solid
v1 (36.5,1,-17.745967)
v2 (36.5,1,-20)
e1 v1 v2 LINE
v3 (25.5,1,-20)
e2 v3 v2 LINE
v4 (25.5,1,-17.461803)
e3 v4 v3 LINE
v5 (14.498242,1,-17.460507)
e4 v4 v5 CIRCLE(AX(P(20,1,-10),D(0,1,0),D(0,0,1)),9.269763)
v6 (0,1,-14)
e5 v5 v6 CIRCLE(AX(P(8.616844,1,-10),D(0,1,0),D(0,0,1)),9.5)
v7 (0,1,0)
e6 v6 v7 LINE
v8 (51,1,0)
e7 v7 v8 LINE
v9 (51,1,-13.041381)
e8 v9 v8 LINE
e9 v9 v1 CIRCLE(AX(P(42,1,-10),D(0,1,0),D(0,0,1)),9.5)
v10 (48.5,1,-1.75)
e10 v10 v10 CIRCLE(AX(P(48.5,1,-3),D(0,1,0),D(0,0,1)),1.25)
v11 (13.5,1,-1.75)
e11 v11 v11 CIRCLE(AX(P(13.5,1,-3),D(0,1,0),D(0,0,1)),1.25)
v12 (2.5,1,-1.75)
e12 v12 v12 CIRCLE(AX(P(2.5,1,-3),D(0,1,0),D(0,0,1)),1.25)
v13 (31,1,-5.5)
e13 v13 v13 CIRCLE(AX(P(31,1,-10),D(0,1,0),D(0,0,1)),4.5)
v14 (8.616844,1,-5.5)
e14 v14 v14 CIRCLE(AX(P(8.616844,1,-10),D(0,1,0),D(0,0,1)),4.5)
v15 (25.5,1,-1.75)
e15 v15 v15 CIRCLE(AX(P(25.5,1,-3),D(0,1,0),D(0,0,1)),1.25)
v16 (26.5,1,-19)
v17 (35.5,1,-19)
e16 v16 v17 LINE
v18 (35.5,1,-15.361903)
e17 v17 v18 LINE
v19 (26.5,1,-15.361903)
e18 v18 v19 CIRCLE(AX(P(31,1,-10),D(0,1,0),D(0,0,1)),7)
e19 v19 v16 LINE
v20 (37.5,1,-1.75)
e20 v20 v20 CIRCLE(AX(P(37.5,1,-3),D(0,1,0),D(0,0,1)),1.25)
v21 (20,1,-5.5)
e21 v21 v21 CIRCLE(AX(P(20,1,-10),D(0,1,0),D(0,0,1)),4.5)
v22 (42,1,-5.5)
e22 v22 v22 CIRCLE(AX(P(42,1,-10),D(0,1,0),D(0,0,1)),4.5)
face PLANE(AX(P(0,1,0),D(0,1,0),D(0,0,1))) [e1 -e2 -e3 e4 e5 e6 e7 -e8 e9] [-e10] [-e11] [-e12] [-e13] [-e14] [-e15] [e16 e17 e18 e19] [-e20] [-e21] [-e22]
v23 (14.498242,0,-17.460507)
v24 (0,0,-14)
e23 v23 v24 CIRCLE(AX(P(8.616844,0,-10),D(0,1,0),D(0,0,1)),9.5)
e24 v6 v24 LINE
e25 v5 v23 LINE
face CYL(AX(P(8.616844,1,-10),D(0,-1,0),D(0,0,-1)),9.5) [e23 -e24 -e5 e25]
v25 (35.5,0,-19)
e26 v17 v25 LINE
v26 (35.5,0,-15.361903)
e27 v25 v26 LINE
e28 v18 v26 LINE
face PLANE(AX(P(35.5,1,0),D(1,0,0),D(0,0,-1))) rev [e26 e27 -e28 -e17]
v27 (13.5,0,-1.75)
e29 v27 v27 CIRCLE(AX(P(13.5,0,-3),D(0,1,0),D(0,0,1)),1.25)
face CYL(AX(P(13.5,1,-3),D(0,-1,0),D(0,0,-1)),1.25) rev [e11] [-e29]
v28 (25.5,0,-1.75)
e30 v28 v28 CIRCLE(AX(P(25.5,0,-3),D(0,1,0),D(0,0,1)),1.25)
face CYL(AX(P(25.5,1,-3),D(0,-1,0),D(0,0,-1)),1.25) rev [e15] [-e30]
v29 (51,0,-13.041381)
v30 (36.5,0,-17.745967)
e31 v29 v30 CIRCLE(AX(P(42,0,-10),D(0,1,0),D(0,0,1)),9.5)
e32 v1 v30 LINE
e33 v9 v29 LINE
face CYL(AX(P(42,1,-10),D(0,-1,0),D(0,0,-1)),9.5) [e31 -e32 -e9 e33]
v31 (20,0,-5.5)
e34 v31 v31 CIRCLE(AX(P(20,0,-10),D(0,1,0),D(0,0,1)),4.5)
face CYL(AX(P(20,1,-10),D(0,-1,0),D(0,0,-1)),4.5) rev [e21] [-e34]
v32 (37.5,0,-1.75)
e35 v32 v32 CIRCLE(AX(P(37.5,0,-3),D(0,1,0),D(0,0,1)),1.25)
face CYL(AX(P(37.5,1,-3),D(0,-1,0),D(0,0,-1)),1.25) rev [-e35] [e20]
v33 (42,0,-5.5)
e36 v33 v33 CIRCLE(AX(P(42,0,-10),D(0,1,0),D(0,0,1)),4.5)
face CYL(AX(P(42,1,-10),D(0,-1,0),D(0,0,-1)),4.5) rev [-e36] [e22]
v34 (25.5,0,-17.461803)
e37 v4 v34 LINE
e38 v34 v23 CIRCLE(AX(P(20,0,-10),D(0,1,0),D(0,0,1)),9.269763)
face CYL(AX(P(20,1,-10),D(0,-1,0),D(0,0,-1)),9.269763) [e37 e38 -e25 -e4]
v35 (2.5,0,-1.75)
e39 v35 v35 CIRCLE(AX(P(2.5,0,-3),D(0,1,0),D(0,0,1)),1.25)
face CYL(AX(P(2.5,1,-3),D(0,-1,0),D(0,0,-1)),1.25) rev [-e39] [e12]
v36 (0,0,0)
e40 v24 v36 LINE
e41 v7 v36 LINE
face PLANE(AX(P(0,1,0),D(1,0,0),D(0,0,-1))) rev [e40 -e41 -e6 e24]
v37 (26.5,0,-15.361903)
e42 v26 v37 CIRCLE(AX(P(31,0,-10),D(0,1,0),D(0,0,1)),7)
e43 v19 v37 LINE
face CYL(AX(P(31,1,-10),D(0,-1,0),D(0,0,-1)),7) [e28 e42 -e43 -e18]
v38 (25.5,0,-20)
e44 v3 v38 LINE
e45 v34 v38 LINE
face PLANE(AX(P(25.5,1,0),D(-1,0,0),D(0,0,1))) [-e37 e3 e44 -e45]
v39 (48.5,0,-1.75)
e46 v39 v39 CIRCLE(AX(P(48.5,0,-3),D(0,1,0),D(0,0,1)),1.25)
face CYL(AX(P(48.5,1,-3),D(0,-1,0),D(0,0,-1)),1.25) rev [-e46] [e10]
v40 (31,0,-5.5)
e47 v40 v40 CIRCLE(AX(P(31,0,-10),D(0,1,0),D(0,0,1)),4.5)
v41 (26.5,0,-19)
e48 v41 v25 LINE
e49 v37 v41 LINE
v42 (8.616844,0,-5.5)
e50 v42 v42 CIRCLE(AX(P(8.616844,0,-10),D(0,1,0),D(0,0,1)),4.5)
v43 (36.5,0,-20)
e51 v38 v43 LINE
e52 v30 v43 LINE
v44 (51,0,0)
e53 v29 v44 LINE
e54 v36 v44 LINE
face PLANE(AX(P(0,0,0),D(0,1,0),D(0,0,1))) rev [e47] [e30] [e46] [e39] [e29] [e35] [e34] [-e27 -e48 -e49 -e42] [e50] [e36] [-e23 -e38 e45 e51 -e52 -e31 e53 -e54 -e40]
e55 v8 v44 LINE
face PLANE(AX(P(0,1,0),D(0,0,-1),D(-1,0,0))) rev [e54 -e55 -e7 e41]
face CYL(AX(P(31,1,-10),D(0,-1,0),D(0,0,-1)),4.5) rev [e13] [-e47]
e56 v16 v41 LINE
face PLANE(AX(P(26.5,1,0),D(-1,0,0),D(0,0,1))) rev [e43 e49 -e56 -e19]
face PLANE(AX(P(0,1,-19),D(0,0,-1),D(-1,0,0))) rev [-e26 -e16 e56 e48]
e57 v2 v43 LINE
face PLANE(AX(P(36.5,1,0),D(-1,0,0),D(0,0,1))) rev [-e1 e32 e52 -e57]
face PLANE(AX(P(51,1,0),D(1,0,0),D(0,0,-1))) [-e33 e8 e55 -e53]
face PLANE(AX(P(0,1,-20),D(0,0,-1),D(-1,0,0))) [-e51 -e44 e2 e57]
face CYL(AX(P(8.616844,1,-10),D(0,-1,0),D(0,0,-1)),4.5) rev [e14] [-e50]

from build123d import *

# Parameters (mm, degrees)
SKETCH1_R           = 1.25
SKETCH1_R_2         = 4.5
BOSS_EXTRUDE1_DEPTH = 1


with BuildPart() as part:
    # Sketch1 → Boss-Extrude1 (new body)
    with BuildSketch(Plane(origin=(0, 0, 0), x_dir=(1, 0, 0), z_dir=(0, 1, 0))):
        with BuildLine():
            ThreePointArc((25.5, 17.461803162), (19.998907706, 19.269762955), (14.498241643, 17.46050678))
            ThreePointArc((14.498241643, 17.46050678), (6.411295647, 19.240430542), (0, 14))
            Line((0, 14), (0, 0))
            Line((0, 0), (51, 0))
            Line((51, 0), (51, 13.041381265))
            ThreePointArc((51, 13.041381265), (44.93185624, 19.036272406), (36.5, 17.745966692))
            Line((36.5, 17.745966692), (36.5, 20))
            Line((36.5, 20), (25.5, 20))
            Line((25.5, 20), (25.5, 17.461803162))
        make_face()
        with Locations(Location((48.5, 3, 0), (0, 0, 270))):
            Circle(SKETCH1_R, mode=Mode.SUBTRACT)
        with Locations(Location((37.5, 3, 0), (0, 0, 270))):
            Circle(SKETCH1_R, mode=Mode.SUBTRACT)
        with Locations(Location((25.5, 3, 0), (0, 0, 270))):
            Circle(SKETCH1_R, mode=Mode.SUBTRACT)
        with Locations(Location((8.61684397, 10, 0), (0, 0, 270))):
            Circle(SKETCH1_R_2, mode=Mode.SUBTRACT)
        with Locations(Location((20, 10, 0), (0, 0, 270))):
            Circle(SKETCH1_R_2, mode=Mode.SUBTRACT)
        with Locations(Location((31, 10, 0), (0, 0, 270))):
            Circle(SKETCH1_R_2, mode=Mode.SUBTRACT)
        with Locations(Location((42, 10, 0), (0, 0, 270))):
            Circle(SKETCH1_R_2, mode=Mode.SUBTRACT)
        with Locations(Location((2.5, 3, 0), (0, 0, 270))):
            Circle(SKETCH1_R, mode=Mode.SUBTRACT)
        with Locations(Location((13.5, 3, 0), (0, 0, 270))):
            Circle(SKETCH1_R, mode=Mode.SUBTRACT)
        with BuildLine():
            Line((35.5, 19), (35.5, 15.361902647))
            ThreePointArc((35.5, 15.361902647), (31, 17), (26.5, 15.361902647))
            Line((26.5, 15.361902647), (26.5, 19))
            Line((26.5, 19), (35.5, 19))
        make_face(mode=Mode.SUBTRACT)
    extrude(amount=BOSS_EXTRUDE1_DEPTH)


solid = part.part
